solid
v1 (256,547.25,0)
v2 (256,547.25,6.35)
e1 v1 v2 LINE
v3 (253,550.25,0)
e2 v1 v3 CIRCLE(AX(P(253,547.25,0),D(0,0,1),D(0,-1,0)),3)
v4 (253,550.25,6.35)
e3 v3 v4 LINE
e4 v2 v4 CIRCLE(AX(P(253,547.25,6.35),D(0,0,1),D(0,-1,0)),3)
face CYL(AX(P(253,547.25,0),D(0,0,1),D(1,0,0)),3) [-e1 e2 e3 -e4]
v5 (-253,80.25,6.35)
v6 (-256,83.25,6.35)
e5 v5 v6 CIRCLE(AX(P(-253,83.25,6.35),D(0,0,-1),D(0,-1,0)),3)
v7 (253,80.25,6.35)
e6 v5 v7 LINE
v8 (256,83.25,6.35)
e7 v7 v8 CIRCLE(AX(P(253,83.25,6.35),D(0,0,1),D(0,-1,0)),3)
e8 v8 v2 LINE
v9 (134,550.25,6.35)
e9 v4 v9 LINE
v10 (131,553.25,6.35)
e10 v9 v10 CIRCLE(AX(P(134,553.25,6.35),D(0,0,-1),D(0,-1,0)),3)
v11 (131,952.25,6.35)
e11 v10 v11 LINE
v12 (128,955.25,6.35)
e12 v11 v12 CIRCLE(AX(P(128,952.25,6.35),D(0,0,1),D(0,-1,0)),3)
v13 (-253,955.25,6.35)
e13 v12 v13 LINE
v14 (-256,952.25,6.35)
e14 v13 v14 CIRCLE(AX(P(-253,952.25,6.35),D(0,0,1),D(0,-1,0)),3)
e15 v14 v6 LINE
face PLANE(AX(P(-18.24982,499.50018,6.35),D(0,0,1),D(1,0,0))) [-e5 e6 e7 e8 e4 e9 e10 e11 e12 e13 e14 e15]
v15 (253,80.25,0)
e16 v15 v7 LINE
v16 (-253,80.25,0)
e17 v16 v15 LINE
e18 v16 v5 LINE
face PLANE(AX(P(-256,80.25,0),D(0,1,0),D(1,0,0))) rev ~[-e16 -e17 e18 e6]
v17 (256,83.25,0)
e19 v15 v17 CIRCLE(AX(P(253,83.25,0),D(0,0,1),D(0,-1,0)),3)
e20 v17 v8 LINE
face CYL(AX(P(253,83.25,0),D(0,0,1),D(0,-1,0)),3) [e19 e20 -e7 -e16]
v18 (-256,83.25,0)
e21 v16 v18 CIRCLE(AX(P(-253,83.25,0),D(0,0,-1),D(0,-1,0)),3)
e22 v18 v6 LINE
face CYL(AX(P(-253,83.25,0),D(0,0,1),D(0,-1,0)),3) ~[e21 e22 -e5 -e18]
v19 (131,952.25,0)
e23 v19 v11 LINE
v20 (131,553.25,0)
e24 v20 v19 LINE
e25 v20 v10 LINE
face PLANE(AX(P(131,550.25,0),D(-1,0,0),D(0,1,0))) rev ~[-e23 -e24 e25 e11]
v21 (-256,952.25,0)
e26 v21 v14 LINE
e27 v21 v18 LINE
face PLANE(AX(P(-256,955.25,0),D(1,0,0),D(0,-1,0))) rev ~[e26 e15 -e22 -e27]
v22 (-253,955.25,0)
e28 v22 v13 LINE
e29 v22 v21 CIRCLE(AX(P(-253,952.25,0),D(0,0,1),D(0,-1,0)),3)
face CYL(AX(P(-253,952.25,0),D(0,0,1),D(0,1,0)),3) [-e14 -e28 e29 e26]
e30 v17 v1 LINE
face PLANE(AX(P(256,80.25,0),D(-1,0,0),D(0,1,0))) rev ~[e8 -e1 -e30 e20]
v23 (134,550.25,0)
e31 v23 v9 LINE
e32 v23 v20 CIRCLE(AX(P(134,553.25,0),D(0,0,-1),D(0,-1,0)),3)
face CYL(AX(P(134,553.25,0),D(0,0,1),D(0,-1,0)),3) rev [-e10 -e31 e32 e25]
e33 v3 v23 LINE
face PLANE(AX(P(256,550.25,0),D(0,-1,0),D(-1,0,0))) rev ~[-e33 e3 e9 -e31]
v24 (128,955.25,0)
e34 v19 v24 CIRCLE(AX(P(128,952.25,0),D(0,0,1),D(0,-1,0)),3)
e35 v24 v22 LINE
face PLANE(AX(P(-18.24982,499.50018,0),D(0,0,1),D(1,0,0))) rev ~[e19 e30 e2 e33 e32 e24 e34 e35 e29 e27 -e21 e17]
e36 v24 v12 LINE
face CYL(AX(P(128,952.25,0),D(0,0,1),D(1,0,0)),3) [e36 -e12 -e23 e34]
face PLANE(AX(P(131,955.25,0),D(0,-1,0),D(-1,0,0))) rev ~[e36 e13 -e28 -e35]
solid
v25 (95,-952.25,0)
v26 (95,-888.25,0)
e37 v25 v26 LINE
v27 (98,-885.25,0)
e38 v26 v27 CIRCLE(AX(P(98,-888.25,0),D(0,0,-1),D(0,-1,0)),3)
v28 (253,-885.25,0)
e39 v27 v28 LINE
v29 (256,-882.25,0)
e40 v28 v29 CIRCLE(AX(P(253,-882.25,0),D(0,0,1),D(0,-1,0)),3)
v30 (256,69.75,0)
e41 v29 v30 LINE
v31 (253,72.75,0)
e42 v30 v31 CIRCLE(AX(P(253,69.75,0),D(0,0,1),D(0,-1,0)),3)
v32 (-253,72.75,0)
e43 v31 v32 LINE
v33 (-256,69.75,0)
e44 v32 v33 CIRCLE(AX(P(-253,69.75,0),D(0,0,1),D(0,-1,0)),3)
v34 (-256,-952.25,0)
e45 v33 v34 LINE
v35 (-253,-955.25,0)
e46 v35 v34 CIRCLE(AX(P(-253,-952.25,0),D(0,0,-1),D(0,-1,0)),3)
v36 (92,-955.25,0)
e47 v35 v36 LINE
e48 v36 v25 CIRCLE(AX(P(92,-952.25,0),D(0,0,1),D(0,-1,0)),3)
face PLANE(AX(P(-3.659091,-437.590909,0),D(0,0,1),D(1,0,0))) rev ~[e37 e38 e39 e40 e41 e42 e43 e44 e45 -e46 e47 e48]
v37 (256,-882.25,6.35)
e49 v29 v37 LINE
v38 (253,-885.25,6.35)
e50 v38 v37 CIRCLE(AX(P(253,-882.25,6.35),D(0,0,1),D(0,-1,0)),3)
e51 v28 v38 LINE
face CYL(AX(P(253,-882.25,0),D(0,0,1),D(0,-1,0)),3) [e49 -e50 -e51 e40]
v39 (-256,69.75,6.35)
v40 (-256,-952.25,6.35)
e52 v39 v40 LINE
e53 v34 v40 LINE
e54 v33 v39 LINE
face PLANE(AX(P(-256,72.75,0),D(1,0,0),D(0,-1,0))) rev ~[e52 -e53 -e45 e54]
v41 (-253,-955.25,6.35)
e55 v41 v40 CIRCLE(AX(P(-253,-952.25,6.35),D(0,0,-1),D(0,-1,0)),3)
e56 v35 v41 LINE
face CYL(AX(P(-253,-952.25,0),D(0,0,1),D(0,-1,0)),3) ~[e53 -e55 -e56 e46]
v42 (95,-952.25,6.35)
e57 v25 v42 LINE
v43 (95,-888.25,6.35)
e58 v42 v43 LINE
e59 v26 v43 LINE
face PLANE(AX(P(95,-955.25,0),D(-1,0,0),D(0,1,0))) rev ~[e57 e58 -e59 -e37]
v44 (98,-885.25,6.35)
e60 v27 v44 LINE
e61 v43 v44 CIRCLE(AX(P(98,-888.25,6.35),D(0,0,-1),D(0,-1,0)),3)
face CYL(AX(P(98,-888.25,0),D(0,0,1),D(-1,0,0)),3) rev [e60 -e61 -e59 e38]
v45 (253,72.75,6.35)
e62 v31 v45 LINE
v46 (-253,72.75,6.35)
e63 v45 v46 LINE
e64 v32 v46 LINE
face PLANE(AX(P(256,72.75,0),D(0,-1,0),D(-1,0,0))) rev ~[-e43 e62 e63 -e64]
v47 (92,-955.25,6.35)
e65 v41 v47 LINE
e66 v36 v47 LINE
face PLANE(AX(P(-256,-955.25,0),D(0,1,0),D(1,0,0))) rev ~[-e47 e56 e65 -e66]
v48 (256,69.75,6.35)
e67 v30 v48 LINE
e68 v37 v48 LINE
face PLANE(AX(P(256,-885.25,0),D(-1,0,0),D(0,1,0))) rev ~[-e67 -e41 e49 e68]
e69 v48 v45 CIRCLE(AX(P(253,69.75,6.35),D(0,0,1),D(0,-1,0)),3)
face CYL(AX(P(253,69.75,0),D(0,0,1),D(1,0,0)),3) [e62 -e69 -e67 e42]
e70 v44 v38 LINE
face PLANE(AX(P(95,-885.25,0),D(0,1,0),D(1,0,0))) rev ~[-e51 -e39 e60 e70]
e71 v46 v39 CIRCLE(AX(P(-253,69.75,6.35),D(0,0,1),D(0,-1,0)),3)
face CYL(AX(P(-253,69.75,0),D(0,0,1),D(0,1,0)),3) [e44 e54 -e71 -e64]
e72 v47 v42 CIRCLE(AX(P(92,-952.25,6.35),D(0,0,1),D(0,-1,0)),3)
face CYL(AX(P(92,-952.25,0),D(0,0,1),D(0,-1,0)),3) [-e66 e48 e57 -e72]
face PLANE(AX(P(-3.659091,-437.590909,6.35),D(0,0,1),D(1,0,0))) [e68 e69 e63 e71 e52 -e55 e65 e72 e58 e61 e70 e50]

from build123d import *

# Parameters (mm, degrees)
F1_DEPTH = 6.35
F2_DEPTH = 6.35
F3_R     = 3
F3_2_R   = 3


with BuildPart() as f1:
    # F0 (on Top) → F1 (new body)
    with BuildSketch(Plane.XY):
        Polygon((-256, 80.25), (256, 80.25), (256, 550.25), (131, 550.25), (131, 955.25), (-256, 955.25), align=None)
    extrude(amount=F1_DEPTH)

    # F3#2
    f3_2_edges = [f1.edges().sort_by_distance(p)[0] for p in [
        (-256, 80.25, 3.175),
        (256, 80.25, 3.175),
        (256, 550.25, 3.175),
        (131, 955.25, 3.175),
        (131, 550.25, 3.175),
        (-256, 955.25, 3.175),
    ]]
    fillet(f3_2_edges, radius=F3_2_R)


with BuildPart() as f2:
    # F0 (on Top) → F2 (new body)
    with BuildSketch(Plane.XY):
        Polygon((-256, -955.25), (95, -955.25), (95, -885.25), (256, -885.25), (256, 72.75), (-256, 72.75), align=None)
    extrude(amount=F2_DEPTH)

    # F3
    f3_edges = [f2.edges().sort_by_distance(p)[0] for p in [
        (95, -885.25, 3.175),
        (256, -885.25, 3.175),
        (95, -955.25, 3.175),
        (-256, -955.25, 3.175),
        (256, 72.75, 3.175),
        (-256, 72.75, 3.175),
    ]]
    fillet(f3_edges, radius=F3_R)


solid = Compound([f1.part, f2.part])
